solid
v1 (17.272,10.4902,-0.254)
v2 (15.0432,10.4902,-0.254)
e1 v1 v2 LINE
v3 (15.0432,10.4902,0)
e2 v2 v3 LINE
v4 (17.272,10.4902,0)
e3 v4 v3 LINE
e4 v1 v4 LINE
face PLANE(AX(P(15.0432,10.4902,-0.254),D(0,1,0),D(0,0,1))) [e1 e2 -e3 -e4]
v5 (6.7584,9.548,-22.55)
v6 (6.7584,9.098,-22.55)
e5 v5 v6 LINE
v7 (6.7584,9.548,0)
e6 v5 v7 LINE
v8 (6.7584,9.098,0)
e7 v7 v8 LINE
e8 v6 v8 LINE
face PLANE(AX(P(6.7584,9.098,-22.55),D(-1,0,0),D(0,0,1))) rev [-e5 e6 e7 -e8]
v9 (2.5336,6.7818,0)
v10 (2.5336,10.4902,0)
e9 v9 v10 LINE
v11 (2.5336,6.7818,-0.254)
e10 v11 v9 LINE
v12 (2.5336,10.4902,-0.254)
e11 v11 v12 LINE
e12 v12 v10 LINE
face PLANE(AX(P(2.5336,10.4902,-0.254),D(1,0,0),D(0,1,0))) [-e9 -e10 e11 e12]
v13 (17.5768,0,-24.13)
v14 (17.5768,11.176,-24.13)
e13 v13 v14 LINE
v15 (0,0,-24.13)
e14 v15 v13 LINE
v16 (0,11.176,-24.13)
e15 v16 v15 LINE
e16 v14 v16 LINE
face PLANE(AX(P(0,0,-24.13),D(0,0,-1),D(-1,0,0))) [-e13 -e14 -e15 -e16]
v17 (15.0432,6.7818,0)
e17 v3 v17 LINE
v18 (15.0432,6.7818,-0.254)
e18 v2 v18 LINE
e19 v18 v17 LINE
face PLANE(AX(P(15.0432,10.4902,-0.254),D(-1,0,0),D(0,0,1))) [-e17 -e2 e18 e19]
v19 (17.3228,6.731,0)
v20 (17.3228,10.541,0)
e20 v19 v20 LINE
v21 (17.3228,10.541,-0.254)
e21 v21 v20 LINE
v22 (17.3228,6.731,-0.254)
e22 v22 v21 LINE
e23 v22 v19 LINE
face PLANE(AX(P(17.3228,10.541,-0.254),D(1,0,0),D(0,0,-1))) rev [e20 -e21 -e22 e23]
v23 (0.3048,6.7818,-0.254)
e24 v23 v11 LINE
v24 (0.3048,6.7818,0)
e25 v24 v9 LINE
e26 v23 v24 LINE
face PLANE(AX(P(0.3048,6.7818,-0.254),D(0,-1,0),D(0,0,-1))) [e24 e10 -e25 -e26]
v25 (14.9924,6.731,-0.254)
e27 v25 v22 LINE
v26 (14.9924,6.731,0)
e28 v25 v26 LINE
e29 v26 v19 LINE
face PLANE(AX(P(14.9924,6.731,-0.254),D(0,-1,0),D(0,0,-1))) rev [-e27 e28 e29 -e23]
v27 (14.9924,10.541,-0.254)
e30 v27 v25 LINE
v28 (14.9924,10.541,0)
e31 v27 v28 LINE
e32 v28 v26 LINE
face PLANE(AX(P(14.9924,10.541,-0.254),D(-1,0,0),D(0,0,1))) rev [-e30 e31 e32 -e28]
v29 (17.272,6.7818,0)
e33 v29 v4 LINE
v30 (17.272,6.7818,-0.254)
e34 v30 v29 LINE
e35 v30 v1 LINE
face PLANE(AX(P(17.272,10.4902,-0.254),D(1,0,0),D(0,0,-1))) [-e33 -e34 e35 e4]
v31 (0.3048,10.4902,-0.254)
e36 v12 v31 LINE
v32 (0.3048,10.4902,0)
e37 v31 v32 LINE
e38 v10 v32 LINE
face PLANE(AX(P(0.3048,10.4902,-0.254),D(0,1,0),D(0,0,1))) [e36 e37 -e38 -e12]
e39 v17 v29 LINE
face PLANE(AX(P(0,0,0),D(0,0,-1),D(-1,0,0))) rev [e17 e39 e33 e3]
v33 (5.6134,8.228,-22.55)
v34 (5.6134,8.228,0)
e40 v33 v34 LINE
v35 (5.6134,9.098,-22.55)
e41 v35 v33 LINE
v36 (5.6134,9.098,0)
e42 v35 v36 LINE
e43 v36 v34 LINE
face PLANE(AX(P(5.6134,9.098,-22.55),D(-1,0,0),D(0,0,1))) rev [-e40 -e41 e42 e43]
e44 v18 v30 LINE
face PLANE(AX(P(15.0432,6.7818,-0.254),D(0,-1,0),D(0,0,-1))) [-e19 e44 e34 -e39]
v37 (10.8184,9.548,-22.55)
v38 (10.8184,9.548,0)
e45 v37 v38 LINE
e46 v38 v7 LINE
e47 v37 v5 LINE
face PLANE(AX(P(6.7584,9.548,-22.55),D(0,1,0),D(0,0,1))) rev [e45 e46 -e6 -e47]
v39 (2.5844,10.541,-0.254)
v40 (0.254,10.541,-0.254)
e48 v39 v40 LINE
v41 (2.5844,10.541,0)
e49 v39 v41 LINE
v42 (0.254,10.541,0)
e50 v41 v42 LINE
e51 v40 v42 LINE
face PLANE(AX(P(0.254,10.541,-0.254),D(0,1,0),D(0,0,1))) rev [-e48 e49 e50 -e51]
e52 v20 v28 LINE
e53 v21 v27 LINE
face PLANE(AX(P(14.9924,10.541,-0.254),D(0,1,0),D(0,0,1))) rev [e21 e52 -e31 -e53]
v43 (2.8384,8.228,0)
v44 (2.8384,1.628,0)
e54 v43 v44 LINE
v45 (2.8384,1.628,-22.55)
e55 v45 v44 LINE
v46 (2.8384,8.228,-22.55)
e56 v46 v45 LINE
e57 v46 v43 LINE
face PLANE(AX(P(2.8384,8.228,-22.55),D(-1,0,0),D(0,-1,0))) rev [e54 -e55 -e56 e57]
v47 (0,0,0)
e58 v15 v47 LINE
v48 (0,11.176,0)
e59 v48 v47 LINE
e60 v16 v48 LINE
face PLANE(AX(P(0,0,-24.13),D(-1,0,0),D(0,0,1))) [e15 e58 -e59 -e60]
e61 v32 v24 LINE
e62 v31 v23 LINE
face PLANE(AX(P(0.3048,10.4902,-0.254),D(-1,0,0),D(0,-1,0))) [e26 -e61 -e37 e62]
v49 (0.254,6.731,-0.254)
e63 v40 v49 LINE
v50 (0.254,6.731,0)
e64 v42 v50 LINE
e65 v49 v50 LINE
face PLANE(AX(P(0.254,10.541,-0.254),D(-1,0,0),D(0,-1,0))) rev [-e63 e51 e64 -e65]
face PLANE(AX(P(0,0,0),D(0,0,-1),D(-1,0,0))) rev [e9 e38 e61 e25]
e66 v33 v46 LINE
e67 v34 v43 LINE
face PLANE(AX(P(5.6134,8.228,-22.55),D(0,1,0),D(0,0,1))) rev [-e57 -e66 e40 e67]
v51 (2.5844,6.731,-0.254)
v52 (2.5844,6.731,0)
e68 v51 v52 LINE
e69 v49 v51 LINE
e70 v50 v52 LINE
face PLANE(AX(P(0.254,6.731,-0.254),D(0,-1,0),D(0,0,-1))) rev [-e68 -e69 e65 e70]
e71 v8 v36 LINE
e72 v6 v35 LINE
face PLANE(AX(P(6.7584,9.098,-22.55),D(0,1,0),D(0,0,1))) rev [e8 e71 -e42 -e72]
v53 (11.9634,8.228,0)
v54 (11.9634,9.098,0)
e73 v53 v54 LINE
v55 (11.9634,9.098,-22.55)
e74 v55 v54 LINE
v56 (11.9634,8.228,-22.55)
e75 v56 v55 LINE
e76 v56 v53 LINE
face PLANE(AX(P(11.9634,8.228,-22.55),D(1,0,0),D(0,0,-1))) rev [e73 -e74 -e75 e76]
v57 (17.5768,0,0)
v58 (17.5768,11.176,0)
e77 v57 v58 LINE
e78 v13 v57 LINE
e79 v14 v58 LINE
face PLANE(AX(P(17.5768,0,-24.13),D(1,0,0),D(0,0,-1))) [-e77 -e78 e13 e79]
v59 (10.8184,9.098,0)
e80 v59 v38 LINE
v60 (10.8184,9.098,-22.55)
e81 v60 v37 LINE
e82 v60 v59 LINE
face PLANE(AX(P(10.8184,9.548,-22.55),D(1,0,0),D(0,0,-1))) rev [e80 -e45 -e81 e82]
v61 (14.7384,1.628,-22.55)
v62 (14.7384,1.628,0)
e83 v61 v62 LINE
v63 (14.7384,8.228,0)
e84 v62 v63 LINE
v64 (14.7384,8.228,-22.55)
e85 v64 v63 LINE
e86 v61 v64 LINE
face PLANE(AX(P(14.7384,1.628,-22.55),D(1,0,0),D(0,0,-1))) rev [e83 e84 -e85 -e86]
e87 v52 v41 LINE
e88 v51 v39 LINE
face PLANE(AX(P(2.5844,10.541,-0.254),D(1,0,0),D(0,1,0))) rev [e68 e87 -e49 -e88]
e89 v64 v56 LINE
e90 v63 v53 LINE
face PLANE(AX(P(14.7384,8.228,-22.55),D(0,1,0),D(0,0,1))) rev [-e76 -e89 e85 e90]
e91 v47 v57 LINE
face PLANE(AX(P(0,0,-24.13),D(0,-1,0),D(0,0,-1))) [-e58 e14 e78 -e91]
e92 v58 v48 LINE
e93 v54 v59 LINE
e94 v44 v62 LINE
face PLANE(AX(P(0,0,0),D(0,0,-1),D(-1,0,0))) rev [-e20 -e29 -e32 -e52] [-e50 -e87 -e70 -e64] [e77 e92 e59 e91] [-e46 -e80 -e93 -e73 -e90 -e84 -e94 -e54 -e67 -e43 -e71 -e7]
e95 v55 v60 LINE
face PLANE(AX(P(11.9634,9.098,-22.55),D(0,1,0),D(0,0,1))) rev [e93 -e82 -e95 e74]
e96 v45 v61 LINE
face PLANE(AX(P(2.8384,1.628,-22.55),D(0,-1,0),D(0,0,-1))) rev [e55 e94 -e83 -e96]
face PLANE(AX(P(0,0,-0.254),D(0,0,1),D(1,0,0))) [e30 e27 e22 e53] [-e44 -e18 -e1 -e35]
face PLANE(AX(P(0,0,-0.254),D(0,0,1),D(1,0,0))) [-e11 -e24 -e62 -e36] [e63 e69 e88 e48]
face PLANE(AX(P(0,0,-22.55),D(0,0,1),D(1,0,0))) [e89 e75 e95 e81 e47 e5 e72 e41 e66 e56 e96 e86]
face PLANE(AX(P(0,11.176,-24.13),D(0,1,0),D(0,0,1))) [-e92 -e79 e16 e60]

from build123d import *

# Parameters (mm, degrees)
SKETCH1_W           = 17.5768
SKETCH1_H           = 11.176
BOSS_EXTRUDE1_DEPTH = 24.13
CUT_EXTRUDE1_DEPTH  = 22.55
SKETCH3_W           = 2.3304
SKETCH3_H           = 3.81
SKETCH3_W_2         = 2.2288
SKETCH3_H_2         = 3.7084
CUT_EXTRUDE2_DEPTH  = 0.254


with BuildPart() as part:
    # Sketch1 → Boss-Extrude1 (new body)
    with BuildSketch(Plane.XY):
        with Locations((8.7884, 5.588)):
            Rectangle(SKETCH1_W, SKETCH1_H)
    extrude(amount=-BOSS_EXTRUDE1_DEPTH)

    # Sketch2 → Cut-Extrude1 (cut)
    with BuildSketch(Plane.XY):
        Polygon((2.8384, 1.628), (14.7384, 1.628), (14.7384, 8.228), (11.9634, 8.228), (11.9634, 9.098), (10.8184, 9.098), (10.8184, 9.548), (6.7584, 9.548), (6.7584, 9.098), (5.6134, 9.098), (5.6134, 8.228), (2.8384, 8.228), align=None)
    extrude(amount=-CUT_EXTRUDE1_DEPTH, mode=Mode.SUBTRACT)

    # Sketch3 → Cut-Extrude2 (cut)
    with BuildSketch(Plane.XY):
        with Locations((1.4192, 8.636)):
            Rectangle(SKETCH3_W, SKETCH3_H)
        with Locations((1.4192, 8.636)):
            Rectangle(SKETCH3_W_2, SKETCH3_H_2, mode=Mode.SUBTRACT)
        with Locations((16.1576, 8.636)):
            Rectangle(SKETCH3_W, SKETCH3_H)
        with Locations((16.1576, 8.636)):
            Rectangle(SKETCH3_W_2, SKETCH3_H_2, mode=Mode.SUBTRACT)
    extrude(amount=-CUT_EXTRUDE2_DEPTH, mode=Mode.SUBTRACT)


solid = part.part
